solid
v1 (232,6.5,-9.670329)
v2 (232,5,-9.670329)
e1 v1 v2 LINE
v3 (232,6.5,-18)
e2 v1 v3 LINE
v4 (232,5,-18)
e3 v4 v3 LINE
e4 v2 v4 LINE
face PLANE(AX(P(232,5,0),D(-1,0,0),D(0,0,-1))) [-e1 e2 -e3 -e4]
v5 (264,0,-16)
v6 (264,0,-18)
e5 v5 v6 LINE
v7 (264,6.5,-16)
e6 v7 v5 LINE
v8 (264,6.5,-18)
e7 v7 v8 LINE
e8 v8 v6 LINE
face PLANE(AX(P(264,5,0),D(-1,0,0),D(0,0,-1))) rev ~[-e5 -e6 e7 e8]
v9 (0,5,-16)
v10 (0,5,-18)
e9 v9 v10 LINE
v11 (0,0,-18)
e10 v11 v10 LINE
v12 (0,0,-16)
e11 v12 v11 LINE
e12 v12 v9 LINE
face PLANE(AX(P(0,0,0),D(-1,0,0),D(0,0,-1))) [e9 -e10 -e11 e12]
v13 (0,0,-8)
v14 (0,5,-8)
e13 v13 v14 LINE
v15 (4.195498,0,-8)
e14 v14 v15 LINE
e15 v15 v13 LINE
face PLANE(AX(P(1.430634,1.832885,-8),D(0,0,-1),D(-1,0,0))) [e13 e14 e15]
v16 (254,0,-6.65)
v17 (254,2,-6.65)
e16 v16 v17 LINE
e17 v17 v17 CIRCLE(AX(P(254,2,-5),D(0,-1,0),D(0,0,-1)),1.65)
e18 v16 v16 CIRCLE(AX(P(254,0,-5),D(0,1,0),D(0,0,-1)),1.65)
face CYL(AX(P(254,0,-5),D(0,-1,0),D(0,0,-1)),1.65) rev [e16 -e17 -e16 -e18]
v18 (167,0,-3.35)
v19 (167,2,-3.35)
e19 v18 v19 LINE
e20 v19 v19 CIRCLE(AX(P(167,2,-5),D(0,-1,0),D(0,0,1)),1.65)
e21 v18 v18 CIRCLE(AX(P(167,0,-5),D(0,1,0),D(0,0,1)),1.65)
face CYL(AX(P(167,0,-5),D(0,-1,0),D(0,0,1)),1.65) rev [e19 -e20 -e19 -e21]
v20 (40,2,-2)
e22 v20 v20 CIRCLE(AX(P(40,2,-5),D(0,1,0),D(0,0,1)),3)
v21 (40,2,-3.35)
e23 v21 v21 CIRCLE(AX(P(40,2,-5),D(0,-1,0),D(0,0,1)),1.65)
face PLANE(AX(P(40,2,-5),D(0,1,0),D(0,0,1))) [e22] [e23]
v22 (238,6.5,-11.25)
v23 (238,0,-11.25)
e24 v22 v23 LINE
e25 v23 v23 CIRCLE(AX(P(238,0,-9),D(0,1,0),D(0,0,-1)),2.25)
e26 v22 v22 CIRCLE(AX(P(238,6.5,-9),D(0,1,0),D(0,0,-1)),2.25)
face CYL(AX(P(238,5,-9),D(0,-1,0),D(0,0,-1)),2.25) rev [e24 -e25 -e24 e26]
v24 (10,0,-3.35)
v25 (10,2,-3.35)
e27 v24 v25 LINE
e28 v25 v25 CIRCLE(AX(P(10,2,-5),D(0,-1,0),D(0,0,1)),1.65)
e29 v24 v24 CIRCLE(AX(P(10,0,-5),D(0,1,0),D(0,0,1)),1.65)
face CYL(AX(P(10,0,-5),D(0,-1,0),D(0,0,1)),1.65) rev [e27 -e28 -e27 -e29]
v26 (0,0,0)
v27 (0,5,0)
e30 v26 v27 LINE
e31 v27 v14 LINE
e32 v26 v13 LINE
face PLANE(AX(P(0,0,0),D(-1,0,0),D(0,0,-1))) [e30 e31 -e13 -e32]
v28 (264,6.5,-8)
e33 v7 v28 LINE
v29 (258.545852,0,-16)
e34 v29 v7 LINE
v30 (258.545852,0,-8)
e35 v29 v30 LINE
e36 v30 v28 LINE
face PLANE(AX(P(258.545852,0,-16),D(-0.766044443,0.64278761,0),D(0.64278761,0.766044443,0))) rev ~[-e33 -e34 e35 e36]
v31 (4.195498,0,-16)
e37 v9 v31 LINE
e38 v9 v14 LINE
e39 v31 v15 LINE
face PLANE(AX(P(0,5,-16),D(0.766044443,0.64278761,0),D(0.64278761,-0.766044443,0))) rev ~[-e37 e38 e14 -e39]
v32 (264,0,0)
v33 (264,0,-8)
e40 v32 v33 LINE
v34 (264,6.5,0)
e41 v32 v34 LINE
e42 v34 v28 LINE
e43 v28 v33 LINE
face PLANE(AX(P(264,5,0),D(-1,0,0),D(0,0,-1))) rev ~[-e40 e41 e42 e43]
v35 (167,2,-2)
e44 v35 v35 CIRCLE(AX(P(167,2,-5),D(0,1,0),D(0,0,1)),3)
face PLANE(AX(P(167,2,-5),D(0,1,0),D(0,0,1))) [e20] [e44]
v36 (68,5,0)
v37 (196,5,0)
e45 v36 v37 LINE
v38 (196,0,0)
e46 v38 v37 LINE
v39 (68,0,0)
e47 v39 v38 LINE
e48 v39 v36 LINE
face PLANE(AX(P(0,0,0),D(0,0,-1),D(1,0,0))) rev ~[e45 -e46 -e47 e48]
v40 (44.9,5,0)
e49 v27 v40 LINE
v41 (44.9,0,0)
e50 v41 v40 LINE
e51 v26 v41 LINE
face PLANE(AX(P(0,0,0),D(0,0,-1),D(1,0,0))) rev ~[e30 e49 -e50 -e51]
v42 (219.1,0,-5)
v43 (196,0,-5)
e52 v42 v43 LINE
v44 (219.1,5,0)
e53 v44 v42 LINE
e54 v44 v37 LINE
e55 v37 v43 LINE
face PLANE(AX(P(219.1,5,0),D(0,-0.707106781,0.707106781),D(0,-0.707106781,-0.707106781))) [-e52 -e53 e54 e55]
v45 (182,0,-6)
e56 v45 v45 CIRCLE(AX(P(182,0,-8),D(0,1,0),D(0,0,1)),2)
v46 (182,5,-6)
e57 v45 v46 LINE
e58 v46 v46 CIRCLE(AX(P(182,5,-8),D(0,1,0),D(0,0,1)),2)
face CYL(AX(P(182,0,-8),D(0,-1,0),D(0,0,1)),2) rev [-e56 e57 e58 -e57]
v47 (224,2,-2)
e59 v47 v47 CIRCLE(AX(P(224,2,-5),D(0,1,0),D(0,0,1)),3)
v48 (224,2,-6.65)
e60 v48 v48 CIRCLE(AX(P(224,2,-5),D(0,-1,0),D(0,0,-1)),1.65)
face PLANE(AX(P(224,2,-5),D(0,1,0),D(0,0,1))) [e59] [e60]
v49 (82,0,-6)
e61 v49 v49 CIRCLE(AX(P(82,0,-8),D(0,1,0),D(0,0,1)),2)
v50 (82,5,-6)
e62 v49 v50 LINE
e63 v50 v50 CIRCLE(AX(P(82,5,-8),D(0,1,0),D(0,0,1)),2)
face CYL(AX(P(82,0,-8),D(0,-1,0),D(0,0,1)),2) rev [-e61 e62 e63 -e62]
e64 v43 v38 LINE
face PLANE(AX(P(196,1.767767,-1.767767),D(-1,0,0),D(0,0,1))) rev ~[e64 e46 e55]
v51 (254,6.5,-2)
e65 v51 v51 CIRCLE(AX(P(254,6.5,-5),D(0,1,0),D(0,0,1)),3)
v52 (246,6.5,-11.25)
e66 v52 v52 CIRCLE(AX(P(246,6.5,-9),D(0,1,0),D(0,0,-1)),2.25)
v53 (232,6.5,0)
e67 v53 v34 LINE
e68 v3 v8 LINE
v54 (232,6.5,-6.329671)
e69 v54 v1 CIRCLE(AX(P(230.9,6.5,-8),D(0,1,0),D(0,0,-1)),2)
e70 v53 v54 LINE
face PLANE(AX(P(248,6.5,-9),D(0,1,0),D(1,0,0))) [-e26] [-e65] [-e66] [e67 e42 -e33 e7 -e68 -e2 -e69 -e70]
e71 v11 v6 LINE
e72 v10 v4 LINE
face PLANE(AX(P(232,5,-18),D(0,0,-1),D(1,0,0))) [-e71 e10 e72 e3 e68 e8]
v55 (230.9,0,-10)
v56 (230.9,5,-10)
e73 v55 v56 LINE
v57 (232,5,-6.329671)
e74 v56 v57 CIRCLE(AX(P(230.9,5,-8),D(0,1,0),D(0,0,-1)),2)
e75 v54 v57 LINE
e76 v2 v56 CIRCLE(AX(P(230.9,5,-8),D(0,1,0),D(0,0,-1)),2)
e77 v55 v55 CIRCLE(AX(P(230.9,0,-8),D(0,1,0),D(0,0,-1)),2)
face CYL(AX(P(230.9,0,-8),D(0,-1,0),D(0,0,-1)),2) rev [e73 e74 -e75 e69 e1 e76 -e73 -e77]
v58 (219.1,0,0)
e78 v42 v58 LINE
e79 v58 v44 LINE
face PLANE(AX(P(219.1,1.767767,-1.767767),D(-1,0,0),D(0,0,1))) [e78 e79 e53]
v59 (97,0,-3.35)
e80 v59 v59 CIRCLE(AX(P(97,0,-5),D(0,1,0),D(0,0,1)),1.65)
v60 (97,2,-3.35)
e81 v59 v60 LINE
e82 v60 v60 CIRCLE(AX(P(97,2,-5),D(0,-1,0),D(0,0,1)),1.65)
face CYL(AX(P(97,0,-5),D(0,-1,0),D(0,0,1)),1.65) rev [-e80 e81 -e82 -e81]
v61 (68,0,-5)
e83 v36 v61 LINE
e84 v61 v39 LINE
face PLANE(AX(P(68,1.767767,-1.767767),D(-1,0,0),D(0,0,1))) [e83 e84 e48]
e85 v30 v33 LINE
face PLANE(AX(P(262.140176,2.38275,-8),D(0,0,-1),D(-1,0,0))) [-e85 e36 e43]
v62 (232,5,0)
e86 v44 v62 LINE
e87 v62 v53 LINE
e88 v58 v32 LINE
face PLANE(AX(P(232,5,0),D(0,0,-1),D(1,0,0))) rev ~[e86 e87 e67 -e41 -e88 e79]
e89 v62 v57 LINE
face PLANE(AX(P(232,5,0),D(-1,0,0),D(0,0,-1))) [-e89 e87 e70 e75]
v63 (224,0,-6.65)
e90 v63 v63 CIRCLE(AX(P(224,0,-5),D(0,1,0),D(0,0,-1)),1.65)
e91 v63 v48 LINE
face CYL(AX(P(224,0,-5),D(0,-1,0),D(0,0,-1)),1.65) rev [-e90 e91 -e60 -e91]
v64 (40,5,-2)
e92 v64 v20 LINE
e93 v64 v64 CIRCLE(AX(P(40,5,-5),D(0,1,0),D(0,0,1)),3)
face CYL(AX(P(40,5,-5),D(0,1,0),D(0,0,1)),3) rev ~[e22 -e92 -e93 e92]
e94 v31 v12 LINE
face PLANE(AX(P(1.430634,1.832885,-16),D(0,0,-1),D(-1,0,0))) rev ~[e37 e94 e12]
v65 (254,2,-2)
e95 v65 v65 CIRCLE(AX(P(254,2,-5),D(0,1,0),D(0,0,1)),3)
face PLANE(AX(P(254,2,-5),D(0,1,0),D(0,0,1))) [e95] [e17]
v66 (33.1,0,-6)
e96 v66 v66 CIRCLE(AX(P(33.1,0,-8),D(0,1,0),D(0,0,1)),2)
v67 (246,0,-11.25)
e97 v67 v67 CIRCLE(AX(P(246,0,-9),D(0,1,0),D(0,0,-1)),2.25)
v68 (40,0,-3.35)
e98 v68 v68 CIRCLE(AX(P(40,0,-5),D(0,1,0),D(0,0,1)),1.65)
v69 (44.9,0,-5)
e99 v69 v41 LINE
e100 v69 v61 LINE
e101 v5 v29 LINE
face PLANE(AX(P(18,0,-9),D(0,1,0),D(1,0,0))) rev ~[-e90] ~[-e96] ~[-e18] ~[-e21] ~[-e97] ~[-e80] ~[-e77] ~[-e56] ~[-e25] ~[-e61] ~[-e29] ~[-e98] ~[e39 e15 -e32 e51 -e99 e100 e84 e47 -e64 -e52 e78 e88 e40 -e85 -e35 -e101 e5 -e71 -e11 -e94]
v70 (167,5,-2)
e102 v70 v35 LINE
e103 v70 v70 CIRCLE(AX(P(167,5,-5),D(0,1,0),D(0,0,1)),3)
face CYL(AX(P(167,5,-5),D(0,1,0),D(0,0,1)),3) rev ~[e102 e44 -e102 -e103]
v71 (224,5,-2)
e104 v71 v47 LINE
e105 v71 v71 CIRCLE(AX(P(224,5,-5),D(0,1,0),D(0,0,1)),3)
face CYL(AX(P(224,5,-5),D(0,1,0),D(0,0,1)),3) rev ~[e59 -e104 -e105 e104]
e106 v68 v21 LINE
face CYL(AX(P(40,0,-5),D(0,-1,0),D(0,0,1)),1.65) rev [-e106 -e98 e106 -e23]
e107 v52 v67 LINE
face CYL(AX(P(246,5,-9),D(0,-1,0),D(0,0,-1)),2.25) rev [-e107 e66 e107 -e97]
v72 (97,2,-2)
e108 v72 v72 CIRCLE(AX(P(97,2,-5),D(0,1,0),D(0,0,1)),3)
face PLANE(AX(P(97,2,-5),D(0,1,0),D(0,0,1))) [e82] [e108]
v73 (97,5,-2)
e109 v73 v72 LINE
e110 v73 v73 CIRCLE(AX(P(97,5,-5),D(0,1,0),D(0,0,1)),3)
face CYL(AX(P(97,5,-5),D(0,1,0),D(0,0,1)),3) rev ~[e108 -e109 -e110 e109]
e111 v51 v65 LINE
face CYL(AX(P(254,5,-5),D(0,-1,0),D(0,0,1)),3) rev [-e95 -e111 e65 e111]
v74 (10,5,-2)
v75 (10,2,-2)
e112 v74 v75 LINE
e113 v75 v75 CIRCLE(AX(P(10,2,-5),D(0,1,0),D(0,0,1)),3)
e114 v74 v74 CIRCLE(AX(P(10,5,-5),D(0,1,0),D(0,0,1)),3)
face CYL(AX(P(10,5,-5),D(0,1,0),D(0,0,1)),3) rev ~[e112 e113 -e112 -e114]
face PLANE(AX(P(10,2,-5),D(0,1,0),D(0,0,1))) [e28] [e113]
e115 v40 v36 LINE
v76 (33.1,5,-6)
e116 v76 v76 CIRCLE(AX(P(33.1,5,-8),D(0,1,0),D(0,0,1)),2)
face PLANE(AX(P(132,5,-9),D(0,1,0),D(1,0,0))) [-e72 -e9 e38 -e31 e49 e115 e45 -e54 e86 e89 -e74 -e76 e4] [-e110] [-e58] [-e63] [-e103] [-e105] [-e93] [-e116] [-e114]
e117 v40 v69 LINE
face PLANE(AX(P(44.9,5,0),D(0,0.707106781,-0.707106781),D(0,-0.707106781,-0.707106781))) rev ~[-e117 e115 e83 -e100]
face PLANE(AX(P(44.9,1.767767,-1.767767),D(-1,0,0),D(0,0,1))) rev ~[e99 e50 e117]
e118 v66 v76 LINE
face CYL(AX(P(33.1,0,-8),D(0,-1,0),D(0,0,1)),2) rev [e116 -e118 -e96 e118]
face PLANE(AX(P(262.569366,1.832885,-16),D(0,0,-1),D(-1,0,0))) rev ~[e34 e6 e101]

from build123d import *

# Parameters (mm, degrees)
SKIZZE1_W                       = 264
SKIZZE1_H                       = 18
SKIZZE1_R                       = 1.65
SKIZZE1_R_2                     = 2.25
SKIZZE1_R_3                     = 2
AUFSATZ_LINEAR_AUSTRAGEN1_DEPTH = 5
SCHNITT_LINEAR_START            = -2
SCHNITT_LINEAR_AUSTRAGEN1_DEPTH = 8
SCHNITT_LINEAR_START_2          = -44.9
SCHNITT_LINEAR_AUSTRAGEN2_DEPTH = 23.1
SCHNITT_LINEAR_AUSTRAGEN3_DEPTH = 23.1
SKIZZE5_R                       = 3
SCHNITT_LINEAR_AUSTRAGEN4_DEPTH = 3
SKIZZE7_W                       = 32
SKIZZE7_H                       = 18
SKIZZE7_R                       = 2.25
SKIZZE7_R_2                     = 3
AUFSATZ_LINEAR_AUSTRAGEN3_DEPTH = 1.5
AUFSATZ_LINEAR_START            = -5
SKIZZE8_R                       = 2.25
AUFSATZ_LINEAR_AUSTRAGEN4_DEPTH = 5
SCHNITT_LINEAR_AUSTRAGEN6_DEPTH = 8
SKIZZE10_R                      = 2
SCHNITT_LINEAR_AUSTRAGEN7_DEPTH = 1.5


with BuildPart() as part:
    # Skizze1 → Aufsatz-Linear austragen1 (new body)
    with BuildSketch(Plane(origin=(0, 0, 0), x_dir=(1, 0, 0), z_dir=(0, 1, 0))):
        with Locations((132, 9)):
            Rectangle(SKIZZE1_W, SKIZZE1_H)
        with Locations(Location((10, 5, 0), (0, 0, 270))):
            Circle(SKIZZE1_R, mode=Mode.SUBTRACT)
        with Locations(Location((40, 5, 0), (0, 0, 270))):
            Circle(SKIZZE1_R, mode=Mode.SUBTRACT)
        with Locations(Location((26, 9, 0), (0, 0, 270))):
            Circle(SKIZZE1_R_2, mode=Mode.SUBTRACT)
        with Locations(Location((18, 9, 0), (0, 0, 270))):
            Circle(SKIZZE1_R_2, mode=Mode.SUBTRACT)
        with Locations(Location((224, 5, 0), (0, 0, 90))):
            Circle(SKIZZE1_R, mode=Mode.SUBTRACT)
        with Locations(Location((254, 5, 0), (0, 0, 90))):
            Circle(SKIZZE1_R, mode=Mode.SUBTRACT)
        with Locations(Location((246, 9, 0), (0, 0, 90))):
            Circle(SKIZZE1_R_2, mode=Mode.SUBTRACT)
        with Locations(Location((238, 9, 0), (0, 0, 90))):
            Circle(SKIZZE1_R_2, mode=Mode.SUBTRACT)
        with Locations(Location((230.9, 8, 0), (0, 0, 90))):
            Circle(SKIZZE1_R_3, mode=Mode.SUBTRACT)
        with Locations(Location((33.1, 8, 0), (0, 0, 270))):
            Circle(SKIZZE1_R_3, mode=Mode.SUBTRACT)
        with Locations(Location((97, 5, 0), (0, 0, 270))):
            Circle(SKIZZE1_R, mode=Mode.SUBTRACT)
        with Locations(Location((167, 5, 0), (0, 0, 270))):
            Circle(SKIZZE1_R, mode=Mode.SUBTRACT)
        with Locations(Location((82, 8, 0), (0, 0, 270))):
            Circle(SKIZZE1_R_3, mode=Mode.SUBTRACT)
        with Locations(Location((182, 8, 0), (0, 0, 270))):
            Circle(SKIZZE1_R_3, mode=Mode.SUBTRACT)
    extrude(amount=AUFSATZ_LINEAR_AUSTRAGEN1_DEPTH)

    # Skizze2 → Schnitt-Linear austragen1 (cut)
    with BuildSketch(Plane(origin=(0, 0, -18), x_dir=(-1, 0, 0), z_dir=(0, 0, -1)).offset(SCHNITT_LINEAR_START)):
        Polygon((-4.195498156, 0), (0, 0), (0, 5), align=None)
        Polygon((-264, 0), (-259.804501844, 0), (-264, 5), align=None)
    extrude(amount=-SCHNITT_LINEAR_AUSTRAGEN1_DEPTH, mode=Mode.SUBTRACT)

    # Skizze3 → Schnitt-Linear austragen2 (cut)
    with BuildSketch(Plane.ZY.offset(SCHNITT_LINEAR_START_2)):
        Polygon((0, 5), (-5, 0), (0, 0), align=None)
    extrude(amount=-SCHNITT_LINEAR_AUSTRAGEN2_DEPTH, mode=Mode.SUBTRACT)

    # Skizze4 → Schnitt-Linear austragen3 (cut)
    with BuildSketch(Plane(origin=(264, 0, 0), x_dir=(0, 0, -1), z_dir=(1, 0, 0)).offset(SCHNITT_LINEAR_START_2)):
        Polygon((0, 5), (5, 0), (0, 0), align=None)
    extrude(amount=-SCHNITT_LINEAR_AUSTRAGEN3_DEPTH, mode=Mode.SUBTRACT)

    # Skizze5 → Schnitt-Linear austragen4 (cut)
    with BuildSketch(Plane(origin=(0, 5, 0), x_dir=(1, 0, 0), z_dir=(0, 1, 0))):
        with Locations(Location((254, 5, 0), (0, 0, 270))):
            Circle(SKIZZE5_R)
        with Locations(Location((224, 5, 0), (0, 0, 270))):
            Circle(SKIZZE5_R)
        with Locations(Location((40, 5, 0), (0, 0, 270))):
            Circle(SKIZZE5_R)
        with Locations(Location((10, 5, 0), (0, 0, 270))):
            Circle(SKIZZE5_R)
        with Locations(Location((97, 5, 0), (0, 0, 270))):
            Circle(SKIZZE5_R)
        with Locations(Location((167, 5, 0), (0, 0, 270))):
            Circle(SKIZZE5_R)
    extrude(amount=-SCHNITT_LINEAR_AUSTRAGEN4_DEPTH, mode=Mode.SUBTRACT)

    # Skizze7 → Aufsatz-Linear austragen3 (add)
    with BuildSketch(Plane(origin=(0, 5, 0), x_dir=(1, 0, 0), z_dir=(0, 1, 0))):
        with Locations((248, 9)):
            Rectangle(SKIZZE7_W, SKIZZE7_H)
        with Locations(Location((238, 9, 0), (0, 0, 90))):
            Circle(SKIZZE7_R, mode=Mode.SUBTRACT)
        with Locations(Location((246, 9, 0), (0, 0, 90))):
            Circle(SKIZZE7_R, mode=Mode.SUBTRACT)
        with Locations(Location((254, 5, 0), (0, 0, 270))):
            Circle(SKIZZE7_R_2, mode=Mode.SUBTRACT)
    extrude(amount=AUFSATZ_LINEAR_AUSTRAGEN3_DEPTH)

    # Skizze8 → Aufsatz-Linear austragen4 (add)
    with BuildSketch(Plane(origin=(0, 5, 0), x_dir=(1, 0, 0), z_dir=(0, 1, 0)).offset(AUFSATZ_LINEAR_START)):
        with Locations((18, 9)):
            Circle(SKIZZE8_R)
        with Locations((26, 9)):
            Circle(SKIZZE8_R)
    extrude(amount=AUFSATZ_LINEAR_AUSTRAGEN4_DEPTH)

    # Skizze9 → Schnitt-Linear austragen6 (cut)
    with BuildSketch(Plane(origin=(0, 0, -18), x_dir=(-1, 0, 0), z_dir=(0, 0, -1)).offset(SCHNITT_LINEAR_START)):
        Polygon((-264, 6.5), (-264, 0), (-258.545852397, 0), align=None)
    extrude(amount=-SCHNITT_LINEAR_AUSTRAGEN6_DEPTH, mode=Mode.SUBTRACT)

    # Skizze10 → Schnitt-Linear austragen7 (cut)
    with BuildSketch(Plane(origin=(0, 5, 0), x_dir=(1, 0, 0), z_dir=(0, 1, 0))):
        with Locations(Location((230.9, 8, 0), (0, 0, 90))):
            Circle(SKIZZE10_R)
    extrude(amount=SCHNITT_LINEAR_AUSTRAGEN7_DEPTH, mode=Mode.SUBTRACT)


solid = part.part
